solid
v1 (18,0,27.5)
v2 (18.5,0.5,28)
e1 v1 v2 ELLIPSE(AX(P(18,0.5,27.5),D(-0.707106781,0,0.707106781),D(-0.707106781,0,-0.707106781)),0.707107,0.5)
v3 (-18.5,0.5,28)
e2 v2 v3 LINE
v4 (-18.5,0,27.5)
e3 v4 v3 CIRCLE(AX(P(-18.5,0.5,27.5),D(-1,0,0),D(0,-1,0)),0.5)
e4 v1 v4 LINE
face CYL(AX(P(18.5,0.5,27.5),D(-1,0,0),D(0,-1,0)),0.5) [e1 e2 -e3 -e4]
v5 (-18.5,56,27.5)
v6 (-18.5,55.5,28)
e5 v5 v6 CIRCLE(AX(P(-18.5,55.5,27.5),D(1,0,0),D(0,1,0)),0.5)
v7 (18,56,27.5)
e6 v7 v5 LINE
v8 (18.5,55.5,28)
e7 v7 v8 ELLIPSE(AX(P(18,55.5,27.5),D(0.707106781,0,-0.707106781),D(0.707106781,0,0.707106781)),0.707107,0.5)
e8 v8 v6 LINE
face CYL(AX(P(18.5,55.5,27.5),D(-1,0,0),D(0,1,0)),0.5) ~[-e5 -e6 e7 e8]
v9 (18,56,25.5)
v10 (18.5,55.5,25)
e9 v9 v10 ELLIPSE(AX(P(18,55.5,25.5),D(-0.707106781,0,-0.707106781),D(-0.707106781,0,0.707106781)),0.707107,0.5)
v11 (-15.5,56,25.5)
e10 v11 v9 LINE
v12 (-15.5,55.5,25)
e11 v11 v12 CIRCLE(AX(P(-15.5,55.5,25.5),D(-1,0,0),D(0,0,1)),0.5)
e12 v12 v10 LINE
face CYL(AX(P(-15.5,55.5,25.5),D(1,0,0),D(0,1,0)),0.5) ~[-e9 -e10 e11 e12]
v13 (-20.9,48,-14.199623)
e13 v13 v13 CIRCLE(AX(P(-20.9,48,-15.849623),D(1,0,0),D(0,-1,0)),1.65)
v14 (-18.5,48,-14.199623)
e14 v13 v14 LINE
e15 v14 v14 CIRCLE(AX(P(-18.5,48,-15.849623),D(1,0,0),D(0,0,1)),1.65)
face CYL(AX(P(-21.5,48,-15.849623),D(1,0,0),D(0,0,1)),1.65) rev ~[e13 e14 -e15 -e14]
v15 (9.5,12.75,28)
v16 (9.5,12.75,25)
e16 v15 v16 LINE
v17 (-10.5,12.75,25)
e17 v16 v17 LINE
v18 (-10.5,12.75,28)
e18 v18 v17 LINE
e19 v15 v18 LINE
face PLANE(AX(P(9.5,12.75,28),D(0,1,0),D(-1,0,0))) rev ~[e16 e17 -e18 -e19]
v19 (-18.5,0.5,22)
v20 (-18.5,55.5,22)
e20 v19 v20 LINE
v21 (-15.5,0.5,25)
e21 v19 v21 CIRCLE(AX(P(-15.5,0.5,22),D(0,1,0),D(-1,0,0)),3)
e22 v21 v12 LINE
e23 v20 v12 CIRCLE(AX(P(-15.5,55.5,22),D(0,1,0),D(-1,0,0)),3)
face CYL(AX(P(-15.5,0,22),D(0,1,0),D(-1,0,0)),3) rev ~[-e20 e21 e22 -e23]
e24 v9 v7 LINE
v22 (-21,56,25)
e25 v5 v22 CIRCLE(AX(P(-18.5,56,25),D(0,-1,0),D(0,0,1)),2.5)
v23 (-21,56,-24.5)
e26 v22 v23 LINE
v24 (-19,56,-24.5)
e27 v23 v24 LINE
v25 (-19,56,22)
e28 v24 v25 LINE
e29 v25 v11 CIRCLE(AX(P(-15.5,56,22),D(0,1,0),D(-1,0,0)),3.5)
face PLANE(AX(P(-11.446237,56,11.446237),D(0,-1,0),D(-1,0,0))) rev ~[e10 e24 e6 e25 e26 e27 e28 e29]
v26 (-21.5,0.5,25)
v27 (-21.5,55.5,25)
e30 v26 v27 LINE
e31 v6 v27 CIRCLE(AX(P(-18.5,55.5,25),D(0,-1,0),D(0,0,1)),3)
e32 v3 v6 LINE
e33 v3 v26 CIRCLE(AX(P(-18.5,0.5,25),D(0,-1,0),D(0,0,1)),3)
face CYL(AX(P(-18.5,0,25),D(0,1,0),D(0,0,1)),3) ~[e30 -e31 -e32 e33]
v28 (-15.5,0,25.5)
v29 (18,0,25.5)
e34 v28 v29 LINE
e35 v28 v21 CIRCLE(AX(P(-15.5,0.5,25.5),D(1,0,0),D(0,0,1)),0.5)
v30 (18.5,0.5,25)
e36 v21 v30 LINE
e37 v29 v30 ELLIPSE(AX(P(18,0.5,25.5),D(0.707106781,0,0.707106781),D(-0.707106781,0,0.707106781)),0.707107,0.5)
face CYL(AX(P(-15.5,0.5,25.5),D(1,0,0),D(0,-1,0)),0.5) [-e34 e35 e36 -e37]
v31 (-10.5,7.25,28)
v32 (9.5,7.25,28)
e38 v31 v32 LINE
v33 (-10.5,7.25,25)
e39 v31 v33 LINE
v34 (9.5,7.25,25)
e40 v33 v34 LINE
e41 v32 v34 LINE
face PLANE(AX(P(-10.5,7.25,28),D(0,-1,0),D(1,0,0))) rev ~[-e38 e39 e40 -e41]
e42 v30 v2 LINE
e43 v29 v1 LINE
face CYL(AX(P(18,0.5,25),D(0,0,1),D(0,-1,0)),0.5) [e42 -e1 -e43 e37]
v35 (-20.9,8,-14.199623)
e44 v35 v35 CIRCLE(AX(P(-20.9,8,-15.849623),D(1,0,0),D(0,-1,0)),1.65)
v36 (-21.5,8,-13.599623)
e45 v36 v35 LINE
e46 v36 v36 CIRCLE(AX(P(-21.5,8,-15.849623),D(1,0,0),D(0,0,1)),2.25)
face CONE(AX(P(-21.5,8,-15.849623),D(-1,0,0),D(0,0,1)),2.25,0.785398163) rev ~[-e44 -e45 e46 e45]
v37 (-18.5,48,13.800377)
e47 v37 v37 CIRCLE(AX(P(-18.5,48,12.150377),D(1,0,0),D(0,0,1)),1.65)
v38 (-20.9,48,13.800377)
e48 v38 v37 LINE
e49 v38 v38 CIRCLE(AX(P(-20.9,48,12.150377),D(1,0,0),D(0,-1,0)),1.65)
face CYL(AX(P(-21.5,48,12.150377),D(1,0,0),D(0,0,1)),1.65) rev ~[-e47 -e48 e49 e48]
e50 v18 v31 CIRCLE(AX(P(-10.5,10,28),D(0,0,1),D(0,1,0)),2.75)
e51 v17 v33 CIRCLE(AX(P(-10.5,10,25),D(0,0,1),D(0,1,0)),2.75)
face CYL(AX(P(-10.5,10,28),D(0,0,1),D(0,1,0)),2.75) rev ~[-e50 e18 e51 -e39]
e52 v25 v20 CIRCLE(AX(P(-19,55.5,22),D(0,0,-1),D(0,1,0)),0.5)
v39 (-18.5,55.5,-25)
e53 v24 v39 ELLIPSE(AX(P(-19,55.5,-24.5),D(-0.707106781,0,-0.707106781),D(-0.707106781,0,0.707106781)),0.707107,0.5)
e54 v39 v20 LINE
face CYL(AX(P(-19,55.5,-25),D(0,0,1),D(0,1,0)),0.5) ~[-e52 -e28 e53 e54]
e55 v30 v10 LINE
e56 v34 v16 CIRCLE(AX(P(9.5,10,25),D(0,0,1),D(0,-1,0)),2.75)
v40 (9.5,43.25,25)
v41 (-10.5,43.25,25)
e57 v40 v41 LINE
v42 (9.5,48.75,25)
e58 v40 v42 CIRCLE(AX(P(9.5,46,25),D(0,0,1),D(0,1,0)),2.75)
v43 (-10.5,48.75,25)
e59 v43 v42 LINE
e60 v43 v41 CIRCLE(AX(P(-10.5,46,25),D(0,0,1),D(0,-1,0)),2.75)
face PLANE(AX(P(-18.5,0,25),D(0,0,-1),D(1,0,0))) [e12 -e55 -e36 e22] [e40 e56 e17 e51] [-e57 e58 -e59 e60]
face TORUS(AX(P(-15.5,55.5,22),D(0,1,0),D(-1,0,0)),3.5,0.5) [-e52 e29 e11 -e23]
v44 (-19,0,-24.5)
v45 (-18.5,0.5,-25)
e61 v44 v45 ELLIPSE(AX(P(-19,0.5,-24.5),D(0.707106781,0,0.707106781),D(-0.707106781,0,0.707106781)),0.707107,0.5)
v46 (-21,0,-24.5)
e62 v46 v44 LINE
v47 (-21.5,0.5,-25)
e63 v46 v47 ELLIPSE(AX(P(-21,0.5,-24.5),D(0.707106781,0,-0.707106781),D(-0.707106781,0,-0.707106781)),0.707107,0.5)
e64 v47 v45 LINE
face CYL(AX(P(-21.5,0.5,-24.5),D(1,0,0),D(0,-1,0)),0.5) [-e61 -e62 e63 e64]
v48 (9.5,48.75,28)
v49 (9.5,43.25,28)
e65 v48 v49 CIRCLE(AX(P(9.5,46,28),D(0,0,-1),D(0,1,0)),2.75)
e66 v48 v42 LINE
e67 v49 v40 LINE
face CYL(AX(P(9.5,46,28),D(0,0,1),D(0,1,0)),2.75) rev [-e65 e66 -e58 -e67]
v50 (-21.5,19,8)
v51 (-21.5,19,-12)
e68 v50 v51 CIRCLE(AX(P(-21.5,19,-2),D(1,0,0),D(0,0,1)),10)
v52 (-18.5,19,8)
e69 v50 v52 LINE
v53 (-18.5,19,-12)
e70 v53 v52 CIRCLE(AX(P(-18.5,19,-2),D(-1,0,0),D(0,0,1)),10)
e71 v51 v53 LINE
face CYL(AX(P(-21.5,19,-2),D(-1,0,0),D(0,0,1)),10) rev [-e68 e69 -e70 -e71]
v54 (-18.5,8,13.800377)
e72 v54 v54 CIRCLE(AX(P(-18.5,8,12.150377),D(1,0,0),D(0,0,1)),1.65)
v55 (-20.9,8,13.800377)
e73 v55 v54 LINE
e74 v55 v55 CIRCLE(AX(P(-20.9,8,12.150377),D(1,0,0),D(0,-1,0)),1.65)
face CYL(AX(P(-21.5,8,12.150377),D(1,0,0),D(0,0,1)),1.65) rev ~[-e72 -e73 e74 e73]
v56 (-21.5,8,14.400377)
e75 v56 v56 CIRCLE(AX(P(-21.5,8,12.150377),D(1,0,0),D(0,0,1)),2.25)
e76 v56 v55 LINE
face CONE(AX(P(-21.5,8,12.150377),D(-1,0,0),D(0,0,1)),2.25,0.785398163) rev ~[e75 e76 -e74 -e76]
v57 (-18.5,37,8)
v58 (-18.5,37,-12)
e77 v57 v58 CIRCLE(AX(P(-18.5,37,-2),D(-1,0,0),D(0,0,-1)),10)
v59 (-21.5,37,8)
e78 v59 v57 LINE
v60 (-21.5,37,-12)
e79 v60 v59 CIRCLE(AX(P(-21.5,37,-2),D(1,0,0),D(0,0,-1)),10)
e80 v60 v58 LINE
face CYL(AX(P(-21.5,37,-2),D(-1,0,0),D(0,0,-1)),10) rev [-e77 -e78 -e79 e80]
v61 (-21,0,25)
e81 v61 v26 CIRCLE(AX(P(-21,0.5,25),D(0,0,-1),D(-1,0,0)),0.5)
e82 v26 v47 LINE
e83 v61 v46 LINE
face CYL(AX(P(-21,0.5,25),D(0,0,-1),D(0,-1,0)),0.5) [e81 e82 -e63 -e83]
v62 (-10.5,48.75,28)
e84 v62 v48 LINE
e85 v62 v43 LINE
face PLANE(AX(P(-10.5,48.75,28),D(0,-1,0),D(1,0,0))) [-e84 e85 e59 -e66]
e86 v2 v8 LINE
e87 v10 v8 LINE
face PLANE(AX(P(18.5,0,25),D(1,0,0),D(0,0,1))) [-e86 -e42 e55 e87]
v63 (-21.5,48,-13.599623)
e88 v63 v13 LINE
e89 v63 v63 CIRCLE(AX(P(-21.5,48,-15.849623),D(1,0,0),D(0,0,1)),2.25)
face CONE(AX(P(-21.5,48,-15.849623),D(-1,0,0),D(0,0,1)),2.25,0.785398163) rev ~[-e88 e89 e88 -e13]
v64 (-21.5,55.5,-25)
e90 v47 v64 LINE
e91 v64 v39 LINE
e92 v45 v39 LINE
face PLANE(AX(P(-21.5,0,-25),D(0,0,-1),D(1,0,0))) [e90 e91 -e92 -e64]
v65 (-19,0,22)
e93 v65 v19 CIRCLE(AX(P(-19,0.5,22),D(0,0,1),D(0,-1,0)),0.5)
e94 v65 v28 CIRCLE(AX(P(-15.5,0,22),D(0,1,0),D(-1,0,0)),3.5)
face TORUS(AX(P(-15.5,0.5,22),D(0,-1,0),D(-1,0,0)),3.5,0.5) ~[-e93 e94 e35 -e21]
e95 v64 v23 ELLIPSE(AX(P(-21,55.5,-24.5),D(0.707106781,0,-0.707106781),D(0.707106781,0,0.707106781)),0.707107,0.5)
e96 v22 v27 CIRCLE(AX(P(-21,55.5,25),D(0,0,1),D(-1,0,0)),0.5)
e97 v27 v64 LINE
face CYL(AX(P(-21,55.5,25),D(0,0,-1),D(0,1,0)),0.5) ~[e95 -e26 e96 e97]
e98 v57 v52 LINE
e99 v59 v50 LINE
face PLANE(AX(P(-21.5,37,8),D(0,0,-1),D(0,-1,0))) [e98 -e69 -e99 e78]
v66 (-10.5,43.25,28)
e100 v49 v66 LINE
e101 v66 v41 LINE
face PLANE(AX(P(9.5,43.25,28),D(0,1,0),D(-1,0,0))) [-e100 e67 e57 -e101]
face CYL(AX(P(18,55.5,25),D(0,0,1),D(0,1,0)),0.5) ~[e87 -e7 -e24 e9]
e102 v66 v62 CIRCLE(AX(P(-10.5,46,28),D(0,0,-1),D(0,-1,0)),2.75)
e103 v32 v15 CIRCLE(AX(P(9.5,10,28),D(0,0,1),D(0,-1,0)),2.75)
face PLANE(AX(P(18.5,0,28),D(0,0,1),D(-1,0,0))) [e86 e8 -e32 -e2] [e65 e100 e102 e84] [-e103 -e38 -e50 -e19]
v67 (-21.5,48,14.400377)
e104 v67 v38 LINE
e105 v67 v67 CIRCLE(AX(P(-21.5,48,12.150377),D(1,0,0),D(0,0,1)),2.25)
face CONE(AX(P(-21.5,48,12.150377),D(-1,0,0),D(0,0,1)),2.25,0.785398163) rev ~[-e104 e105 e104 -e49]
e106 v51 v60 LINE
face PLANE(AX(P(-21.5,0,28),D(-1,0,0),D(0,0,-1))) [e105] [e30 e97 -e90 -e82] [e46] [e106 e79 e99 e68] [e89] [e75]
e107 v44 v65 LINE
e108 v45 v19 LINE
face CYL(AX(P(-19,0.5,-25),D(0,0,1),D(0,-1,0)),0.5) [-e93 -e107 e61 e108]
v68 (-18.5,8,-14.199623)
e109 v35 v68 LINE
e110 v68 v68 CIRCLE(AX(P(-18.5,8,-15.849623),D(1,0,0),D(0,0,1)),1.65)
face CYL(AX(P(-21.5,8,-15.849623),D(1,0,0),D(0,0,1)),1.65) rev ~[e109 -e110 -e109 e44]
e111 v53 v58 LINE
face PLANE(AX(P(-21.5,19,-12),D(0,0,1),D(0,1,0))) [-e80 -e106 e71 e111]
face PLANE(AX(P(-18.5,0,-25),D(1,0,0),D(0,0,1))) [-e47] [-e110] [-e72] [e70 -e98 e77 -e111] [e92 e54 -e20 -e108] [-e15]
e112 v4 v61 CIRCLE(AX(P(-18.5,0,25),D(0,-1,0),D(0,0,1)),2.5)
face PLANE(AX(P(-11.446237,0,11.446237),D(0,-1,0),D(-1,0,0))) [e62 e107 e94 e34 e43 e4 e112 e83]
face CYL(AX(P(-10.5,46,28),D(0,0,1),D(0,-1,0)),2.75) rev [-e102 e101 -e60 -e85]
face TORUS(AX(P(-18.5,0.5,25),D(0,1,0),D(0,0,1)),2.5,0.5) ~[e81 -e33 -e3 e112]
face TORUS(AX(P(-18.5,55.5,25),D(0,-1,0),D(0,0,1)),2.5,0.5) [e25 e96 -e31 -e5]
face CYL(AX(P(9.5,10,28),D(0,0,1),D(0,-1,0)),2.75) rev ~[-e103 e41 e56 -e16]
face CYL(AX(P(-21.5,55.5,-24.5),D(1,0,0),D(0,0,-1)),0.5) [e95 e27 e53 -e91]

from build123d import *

# Parameters (mm, degrees)
EXTRUDE_1_DEPTH              = 56
FILLET_1_R                   = 3
FILLET_2_R                   = 0.5
CUT_EXTRUDE_1_REACH          = 82.045
CUT_EXTRUDE_2_REACH          = 76.297
HOLE_WIZARD_M4_1_D           = 3.3
HOLE_WIZARD_M4_1_CSINK_D     = 4.5
HOLE_WIZARD_M4_1_CSINK_ANGLE = 90


with BuildPart() as part:
    # 草图1 → 拉伸-薄壁1 (new body)
    with BuildSketch(Plane(origin=(0, 0, 0), x_dir=(1, 0, 0), z_dir=(0, 1, 0))):
        Polygon((-18.5, 25), (-18.5, -25), (18.5, -25), (18.5, -28), (-21.5, -28), (-21.5, 25), align=None)
    extrude(amount=EXTRUDE_1_DEPTH)

    # 圆角1
    fillet_1_edges = [part.edges().sort_by_distance(p)[0] for p in [
        (-21.5, 28, 28),
        (-18.5, 28, 25),
    ]]
    fillet(fillet_1_edges, radius=FILLET_1_R)

    # 圆角2
    fillet_2_edges = [part.edges().sort_by_distance(p)[0] for p in [
        (0, 0, 28),
        (18.5, 0, 26.5),
        (1.5, 0, 25),
        (-18.5, 0, -1.5),
        (-20, 0, -25),
        (-21.5, 0, 0),
        (18.5, 56, 26.5),
        (1.5, 56, 25),
        (-18.5, 56, -1.5),
        (-20, 56, -25),
        (-21.5, 56, 0),
        (0, 56, 28),
        (-20.621320344, 0, 27.121320344),
        (-20.621320344, 56, 27.121320344),
    ]]
    fillet(fillet_2_edges, radius=FILLET_2_R)

    # 草图2 → 切除-拉伸1 (cut, up to next)
    with BuildSketch(Plane.XY.offset(28), mode=Mode.PRIVATE) as cut_extrude_1_sk1:
        with BuildLine():
            Line((-10.5, 48.75), (9.5, 48.75))
            ThreePointArc((9.5, 48.75), (12.25, 46), (9.5, 43.25))
            Line((9.5, 43.25), (-10.5, 43.25))
            ThreePointArc((-10.5, 43.25), (-13.25, 46), (-10.5, 48.75))
        make_face()
    cut_extrude_1_tool1 = extrude(cut_extrude_1_sk1.sketch, amount=-CUT_EXTRUDE_1_REACH, mode=Mode.PRIVATE) & part.part
    # 草图2 → 切除-拉伸1 (cut, up to next)
    with BuildSketch(Plane.XY.offset(28), mode=Mode.PRIVATE) as cut_extrude_1_sk2:
        with BuildLine():
            Line((-10.5, 7.25), (9.5, 7.25))
            ThreePointArc((9.5, 7.25), (12.25, 10), (9.5, 12.75))
            Line((9.5, 12.75), (-10.5, 12.75))
            ThreePointArc((-10.5, 12.75), (-13.25, 10), (-10.5, 7.25))
        make_face()
    cut_extrude_1_tool2 = extrude(cut_extrude_1_sk2.sketch, amount=-CUT_EXTRUDE_1_REACH, mode=Mode.PRIVATE) & part.part
    add(cut_extrude_1_tool1.solids().sort_by_distance((-0.5, 46, 28))[0], mode=Mode.SUBTRACT)
    add(cut_extrude_1_tool2.solids().sort_by_distance((-0.5, 10, 28))[0], mode=Mode.SUBTRACT)

    # 草图3 → 切除-拉伸2 (cut, up to next)
    with BuildSketch(Plane.ZY.offset(21.5), mode=Mode.PRIVATE) as cut_extrude_2_sk1:
        with BuildLine():
            Line((-12, 19), (-12, 37))
            ThreePointArc((-12, 37), (-2, 47), (8, 37))
            Line((8, 37), (8, 19))
            ThreePointArc((8, 19), (-2, 9), (-12, 19))
        make_face()
    cut_extrude_2_tool1 = extrude(cut_extrude_2_sk1.sketch, amount=-CUT_EXTRUDE_2_REACH, mode=Mode.PRIVATE) & part.part
    add(cut_extrude_2_tool1.solids().sort_by_distance((-21.5, 28, -2))[0], mode=Mode.SUBTRACT)

    # M4 螺纹孔1 (through all)
    with Locations(Plane(origin=(-21.5, 8, -15.849623113), x_dir=(0, 0, -1), z_dir=(-1, 0, 0))):
        with Locations((0, 0), (-14, -20), (0, -40), (-28, -40), (-28, 0)):
            CounterSinkHole(HOLE_WIZARD_M4_1_D / 2, HOLE_WIZARD_M4_1_CSINK_D / 2, counter_sink_angle=HOLE_WIZARD_M4_1_CSINK_ANGLE)


solid = part.part
